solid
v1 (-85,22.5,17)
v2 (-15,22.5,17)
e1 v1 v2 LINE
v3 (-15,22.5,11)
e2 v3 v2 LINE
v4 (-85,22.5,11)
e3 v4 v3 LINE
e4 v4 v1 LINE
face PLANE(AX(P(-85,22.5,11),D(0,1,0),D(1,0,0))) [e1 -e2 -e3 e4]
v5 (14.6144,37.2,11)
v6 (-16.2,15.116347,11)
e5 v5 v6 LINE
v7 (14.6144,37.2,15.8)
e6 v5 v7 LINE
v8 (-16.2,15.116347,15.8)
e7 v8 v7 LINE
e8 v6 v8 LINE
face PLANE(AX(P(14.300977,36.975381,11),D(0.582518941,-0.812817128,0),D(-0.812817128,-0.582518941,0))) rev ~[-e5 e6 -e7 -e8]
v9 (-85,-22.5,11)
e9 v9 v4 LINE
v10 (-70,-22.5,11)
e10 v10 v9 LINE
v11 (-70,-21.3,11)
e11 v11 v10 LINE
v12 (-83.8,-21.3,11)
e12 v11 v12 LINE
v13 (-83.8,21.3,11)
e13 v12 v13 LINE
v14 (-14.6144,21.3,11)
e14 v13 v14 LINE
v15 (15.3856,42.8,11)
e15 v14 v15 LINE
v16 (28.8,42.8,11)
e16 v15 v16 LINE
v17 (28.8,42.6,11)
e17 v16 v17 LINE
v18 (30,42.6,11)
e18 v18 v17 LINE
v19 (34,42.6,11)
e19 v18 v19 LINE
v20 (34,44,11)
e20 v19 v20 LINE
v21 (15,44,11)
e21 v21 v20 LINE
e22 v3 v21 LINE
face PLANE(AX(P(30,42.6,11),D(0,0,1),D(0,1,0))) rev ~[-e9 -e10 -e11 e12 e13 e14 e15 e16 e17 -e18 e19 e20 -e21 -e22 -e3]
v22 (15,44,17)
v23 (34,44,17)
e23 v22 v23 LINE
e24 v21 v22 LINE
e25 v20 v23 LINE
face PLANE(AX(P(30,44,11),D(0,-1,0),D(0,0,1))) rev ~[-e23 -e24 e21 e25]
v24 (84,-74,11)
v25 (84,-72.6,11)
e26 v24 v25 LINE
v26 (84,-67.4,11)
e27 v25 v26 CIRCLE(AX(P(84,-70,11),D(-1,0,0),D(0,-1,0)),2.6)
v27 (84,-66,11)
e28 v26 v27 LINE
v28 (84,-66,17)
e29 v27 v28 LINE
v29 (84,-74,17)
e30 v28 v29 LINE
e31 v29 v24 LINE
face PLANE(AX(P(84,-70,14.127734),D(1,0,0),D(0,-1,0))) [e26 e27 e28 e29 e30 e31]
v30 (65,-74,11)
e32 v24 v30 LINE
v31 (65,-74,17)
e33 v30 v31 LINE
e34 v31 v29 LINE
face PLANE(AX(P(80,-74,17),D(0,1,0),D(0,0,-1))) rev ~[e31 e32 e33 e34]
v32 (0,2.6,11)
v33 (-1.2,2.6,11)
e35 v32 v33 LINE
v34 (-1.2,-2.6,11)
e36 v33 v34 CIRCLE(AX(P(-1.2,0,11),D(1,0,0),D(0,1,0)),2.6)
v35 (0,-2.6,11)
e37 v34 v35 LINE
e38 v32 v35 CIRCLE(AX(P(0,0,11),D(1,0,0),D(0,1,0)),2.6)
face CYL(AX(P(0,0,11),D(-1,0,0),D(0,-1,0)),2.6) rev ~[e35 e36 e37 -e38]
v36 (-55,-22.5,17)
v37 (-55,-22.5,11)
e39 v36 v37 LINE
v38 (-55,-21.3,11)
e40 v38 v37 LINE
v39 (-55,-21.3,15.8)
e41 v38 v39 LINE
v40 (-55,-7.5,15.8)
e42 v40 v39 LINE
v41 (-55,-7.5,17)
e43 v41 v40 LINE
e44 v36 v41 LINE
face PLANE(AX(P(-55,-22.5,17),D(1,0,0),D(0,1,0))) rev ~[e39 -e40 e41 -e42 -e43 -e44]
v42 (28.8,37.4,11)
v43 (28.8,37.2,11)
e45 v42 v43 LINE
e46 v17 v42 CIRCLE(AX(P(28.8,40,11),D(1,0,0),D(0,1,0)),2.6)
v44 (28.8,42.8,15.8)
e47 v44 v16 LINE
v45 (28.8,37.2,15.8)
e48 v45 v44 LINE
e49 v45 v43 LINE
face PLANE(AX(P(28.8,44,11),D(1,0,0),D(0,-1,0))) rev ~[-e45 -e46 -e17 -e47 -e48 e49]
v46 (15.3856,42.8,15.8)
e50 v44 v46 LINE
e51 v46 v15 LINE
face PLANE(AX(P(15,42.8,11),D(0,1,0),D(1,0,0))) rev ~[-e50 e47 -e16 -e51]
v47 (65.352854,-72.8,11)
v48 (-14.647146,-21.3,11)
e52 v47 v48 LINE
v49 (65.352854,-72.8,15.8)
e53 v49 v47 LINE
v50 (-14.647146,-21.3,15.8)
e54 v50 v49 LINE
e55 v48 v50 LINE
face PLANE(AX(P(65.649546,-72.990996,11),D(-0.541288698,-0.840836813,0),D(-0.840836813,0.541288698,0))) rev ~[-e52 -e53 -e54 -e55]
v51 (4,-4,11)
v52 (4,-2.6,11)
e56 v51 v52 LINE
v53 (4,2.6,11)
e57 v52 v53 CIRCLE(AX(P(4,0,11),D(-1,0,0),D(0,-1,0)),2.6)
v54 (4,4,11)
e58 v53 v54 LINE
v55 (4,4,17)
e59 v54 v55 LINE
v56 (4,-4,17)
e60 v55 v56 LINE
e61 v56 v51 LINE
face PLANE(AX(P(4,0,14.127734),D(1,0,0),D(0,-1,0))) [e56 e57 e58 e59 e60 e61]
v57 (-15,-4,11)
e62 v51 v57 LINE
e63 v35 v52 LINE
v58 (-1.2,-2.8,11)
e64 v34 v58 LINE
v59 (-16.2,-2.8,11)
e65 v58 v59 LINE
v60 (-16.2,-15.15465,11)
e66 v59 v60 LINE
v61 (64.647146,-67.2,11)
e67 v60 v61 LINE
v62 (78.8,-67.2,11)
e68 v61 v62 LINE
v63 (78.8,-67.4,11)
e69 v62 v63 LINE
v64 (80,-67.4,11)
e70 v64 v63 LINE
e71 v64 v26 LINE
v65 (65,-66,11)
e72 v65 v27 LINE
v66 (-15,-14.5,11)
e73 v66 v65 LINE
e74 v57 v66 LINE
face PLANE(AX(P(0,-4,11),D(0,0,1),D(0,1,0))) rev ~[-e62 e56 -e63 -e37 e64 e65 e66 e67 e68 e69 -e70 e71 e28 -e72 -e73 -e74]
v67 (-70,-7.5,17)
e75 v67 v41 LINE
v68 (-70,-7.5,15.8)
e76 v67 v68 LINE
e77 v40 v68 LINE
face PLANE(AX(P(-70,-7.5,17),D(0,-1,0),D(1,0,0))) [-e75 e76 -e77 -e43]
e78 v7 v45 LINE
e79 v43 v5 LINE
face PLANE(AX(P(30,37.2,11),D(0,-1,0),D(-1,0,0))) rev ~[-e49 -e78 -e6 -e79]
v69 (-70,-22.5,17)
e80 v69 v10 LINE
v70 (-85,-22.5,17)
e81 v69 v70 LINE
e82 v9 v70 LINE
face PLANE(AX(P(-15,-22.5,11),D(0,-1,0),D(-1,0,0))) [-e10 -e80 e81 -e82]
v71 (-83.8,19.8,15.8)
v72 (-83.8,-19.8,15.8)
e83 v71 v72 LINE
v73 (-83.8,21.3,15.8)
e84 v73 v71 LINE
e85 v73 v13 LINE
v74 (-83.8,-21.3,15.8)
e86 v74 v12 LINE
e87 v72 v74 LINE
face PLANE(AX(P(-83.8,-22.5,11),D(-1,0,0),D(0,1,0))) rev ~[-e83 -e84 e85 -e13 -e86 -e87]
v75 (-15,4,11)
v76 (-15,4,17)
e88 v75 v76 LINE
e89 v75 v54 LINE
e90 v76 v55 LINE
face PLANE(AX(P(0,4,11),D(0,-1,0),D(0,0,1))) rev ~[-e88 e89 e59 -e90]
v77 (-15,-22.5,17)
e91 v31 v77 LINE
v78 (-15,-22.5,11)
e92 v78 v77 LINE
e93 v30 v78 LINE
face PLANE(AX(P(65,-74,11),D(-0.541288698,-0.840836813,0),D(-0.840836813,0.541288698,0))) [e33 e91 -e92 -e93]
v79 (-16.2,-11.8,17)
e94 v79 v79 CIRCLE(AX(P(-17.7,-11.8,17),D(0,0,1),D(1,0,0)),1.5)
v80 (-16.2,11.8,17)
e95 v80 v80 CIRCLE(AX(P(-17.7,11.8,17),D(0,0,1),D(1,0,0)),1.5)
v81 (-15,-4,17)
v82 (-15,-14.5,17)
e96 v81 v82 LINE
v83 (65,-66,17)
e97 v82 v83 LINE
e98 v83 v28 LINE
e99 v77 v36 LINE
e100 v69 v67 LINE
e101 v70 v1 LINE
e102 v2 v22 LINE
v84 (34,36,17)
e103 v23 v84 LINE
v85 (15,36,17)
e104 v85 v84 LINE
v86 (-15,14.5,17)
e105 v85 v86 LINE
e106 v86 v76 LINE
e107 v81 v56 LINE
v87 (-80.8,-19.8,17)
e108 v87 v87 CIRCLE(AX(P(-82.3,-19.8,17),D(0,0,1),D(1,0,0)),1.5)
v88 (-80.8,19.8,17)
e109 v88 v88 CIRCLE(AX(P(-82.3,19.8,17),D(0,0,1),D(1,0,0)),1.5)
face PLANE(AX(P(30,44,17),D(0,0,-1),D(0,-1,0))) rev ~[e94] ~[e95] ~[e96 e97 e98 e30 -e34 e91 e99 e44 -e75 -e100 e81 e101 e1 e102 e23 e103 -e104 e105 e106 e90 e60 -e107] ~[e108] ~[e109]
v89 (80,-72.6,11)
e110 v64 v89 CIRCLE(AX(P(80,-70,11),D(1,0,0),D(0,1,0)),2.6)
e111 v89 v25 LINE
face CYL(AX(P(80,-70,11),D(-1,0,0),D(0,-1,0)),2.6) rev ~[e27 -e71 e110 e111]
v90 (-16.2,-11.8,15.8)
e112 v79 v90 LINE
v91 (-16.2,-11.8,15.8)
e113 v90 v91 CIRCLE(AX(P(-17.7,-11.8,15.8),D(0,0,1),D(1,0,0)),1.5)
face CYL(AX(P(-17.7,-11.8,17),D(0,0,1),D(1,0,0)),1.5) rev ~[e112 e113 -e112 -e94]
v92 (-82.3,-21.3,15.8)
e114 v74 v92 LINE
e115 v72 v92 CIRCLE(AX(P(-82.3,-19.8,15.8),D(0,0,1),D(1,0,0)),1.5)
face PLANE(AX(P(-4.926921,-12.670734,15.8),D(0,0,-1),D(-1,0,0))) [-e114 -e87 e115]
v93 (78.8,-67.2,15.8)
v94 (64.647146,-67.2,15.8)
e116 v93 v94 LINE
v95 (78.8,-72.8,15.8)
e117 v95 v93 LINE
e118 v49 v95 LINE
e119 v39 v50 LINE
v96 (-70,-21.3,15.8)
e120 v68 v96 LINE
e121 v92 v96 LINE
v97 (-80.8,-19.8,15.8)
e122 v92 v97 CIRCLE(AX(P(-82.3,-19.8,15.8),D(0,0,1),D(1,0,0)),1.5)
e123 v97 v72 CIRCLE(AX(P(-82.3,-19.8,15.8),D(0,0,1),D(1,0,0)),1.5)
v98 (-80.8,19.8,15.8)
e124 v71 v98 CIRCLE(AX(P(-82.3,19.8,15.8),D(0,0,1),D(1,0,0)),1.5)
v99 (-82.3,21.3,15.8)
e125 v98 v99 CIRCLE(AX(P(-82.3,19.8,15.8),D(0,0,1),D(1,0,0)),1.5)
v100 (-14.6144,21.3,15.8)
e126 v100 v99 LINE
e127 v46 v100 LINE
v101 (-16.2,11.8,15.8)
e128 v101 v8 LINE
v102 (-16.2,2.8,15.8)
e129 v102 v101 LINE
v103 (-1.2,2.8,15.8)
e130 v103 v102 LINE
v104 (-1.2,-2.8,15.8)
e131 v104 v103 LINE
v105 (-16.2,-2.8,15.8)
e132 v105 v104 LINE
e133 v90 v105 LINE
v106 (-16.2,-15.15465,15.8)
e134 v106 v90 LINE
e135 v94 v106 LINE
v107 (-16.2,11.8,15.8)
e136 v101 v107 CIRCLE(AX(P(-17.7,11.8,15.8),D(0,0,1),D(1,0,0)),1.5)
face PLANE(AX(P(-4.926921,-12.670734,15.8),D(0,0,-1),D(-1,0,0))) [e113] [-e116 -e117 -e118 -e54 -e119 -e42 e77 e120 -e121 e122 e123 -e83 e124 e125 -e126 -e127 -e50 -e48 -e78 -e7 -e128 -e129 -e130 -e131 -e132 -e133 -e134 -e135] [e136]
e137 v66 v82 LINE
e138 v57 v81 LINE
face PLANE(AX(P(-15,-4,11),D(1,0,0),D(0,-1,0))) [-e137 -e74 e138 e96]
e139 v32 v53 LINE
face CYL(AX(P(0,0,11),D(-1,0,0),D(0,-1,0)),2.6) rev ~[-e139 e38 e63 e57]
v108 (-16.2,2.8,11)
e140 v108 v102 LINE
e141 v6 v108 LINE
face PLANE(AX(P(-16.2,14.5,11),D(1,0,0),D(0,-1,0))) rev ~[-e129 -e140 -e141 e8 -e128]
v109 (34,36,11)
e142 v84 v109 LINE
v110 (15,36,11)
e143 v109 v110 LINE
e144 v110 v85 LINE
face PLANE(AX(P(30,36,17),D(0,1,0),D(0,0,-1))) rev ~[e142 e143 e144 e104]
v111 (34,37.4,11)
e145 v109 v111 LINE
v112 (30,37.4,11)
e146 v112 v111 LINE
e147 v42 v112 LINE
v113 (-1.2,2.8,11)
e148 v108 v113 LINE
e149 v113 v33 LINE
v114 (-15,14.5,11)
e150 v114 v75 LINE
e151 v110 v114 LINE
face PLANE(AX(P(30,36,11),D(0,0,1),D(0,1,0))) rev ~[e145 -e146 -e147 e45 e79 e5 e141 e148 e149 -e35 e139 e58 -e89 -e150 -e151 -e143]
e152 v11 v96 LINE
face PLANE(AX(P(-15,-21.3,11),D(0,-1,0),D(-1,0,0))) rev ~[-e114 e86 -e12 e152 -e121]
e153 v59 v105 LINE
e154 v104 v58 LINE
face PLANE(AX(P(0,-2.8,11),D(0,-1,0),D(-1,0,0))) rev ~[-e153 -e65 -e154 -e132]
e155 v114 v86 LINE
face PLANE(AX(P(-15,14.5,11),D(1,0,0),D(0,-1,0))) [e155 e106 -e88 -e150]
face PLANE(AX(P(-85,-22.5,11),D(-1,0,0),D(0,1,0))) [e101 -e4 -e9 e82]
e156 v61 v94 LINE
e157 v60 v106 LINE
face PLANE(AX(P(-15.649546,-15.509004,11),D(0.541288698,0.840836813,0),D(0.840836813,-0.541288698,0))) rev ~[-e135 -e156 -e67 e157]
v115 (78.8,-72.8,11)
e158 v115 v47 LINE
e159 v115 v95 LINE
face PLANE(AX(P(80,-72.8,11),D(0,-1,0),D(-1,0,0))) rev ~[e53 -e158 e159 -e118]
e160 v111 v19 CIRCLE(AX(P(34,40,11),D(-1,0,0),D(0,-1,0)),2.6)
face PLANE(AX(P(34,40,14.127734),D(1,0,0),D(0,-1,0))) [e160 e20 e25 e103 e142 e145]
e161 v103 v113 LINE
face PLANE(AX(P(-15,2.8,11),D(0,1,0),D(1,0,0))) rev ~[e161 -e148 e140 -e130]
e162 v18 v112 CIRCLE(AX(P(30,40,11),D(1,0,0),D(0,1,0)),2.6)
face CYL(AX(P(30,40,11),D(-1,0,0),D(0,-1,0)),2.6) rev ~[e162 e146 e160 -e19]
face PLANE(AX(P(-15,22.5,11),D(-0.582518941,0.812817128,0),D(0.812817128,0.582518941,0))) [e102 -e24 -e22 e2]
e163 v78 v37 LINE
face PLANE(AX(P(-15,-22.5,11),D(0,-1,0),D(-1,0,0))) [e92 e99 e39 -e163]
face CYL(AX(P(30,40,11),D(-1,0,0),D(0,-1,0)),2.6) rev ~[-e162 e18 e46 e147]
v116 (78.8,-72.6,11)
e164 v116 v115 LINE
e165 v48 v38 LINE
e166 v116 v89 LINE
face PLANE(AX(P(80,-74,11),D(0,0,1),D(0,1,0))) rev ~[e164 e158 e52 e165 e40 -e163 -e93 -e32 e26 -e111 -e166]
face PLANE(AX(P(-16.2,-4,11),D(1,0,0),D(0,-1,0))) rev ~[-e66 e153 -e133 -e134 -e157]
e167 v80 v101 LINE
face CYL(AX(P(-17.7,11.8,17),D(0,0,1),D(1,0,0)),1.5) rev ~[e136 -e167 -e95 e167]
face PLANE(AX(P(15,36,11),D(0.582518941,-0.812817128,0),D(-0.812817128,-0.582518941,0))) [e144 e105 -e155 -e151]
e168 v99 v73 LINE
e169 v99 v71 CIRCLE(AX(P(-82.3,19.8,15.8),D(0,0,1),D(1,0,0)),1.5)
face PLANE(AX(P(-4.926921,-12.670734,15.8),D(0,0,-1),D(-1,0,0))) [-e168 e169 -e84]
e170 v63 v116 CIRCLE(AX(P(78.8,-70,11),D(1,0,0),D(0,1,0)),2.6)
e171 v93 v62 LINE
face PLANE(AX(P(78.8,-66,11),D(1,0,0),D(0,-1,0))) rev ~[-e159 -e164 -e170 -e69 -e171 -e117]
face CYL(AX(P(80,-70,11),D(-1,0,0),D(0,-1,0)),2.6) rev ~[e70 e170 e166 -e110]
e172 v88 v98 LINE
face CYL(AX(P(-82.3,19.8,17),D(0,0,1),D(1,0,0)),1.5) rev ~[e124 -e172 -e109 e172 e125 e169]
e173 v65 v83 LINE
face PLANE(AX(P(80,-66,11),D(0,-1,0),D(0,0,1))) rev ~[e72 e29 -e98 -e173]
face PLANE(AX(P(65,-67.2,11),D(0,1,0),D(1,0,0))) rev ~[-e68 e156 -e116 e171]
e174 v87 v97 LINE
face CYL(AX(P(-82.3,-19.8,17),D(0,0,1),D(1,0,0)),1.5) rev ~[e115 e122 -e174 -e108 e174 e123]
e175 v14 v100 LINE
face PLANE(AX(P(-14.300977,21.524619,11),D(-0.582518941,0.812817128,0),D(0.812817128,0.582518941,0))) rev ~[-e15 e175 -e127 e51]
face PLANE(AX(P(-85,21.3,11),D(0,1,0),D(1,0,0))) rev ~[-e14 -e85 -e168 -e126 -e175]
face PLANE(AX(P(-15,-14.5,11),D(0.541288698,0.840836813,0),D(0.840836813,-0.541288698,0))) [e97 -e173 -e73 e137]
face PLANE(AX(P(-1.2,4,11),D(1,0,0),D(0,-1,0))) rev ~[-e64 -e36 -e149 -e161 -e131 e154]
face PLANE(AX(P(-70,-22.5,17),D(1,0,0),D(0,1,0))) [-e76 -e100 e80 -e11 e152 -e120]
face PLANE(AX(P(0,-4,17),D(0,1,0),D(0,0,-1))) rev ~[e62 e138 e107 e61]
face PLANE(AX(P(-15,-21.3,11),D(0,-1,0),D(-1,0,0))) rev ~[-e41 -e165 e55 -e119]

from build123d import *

# Parameters (mm, degrees)
PAD001_DEPTH    = 6
THICKNESS001_T  = -1.2
SKETCH011_R     = 1.5
POCKET003_DEPTH = 1.2
SKETCH012_W     = 15
SKETCH012_H     = 15
POCKET004_DEPTH = 6.001
SKETCH013_R     = 2.6
POCKET005_DEPTH = 1.2
SKETCH014_R     = 2.6
POCKET006_DEPTH = 1.2
SKETCH015_R     = 2.6
POCKET007_DEPTH = 1.2
PAD008_DEPTH    = 4
PAD009_DEPTH    = 4
PAD010_DEPTH    = 4


with BuildPart() as part:
    # Sketch004 → Pad001 (new body)
    with BuildSketch(Plane.XY):
        Polygon((80, -74), (65, -74), (-15, -22.5), (-85, -22.5), (-85, 22.5), (-15, 22.5), (15, 44), (30, 44), (30, 36), (15, 36), (-15, 14.5), (-15, 4), (0, 4), (0, -4), (-15, -4), (-15, -14.5), (65, -66), (80, -66), align=None)
    extrude(amount=PAD001_DEPTH)

    # Thickness001
    thickness001_openings = [part.faces().sort_by_distance(p)[0] for p in [
        (-29.840547, -5.671982, 0),
    ]]
    offset(amount=THICKNESS001_T, openings=thickness001_openings, kind=Kind.INTERSECTION)

    # Sketch011 (on Face19 of Thickness001) → Pocket003 (cut)
    with BuildSketch(Plane.XY.offset(6)):
        with Locations((-82.3, 19.8)):
            Circle(SKETCH011_R)
        with Locations((-82.3, -19.8)):
            Circle(SKETCH011_R)
        with Locations((-17.7, 11.8)):
            Circle(SKETCH011_R)
        with Locations((-17.7, -11.8)):
            Circle(SKETCH011_R)
    extrude(amount=-POCKET003_DEPTH, mode=Mode.SUBTRACT)

    # Sketch012 (on Face5 of Pocket003) → Pocket004 (cut, through all)
    with BuildSketch(Plane.XY.offset(6)):
        with Locations((-62.5, -15)):
            Rectangle(SKETCH012_W, SKETCH012_H)
    extrude(amount=-POCKET004_DEPTH, mode=Mode.SUBTRACT)

    # Sketch013 (on Face16 of Pocket004) → Pocket005 (cut)
    with BuildSketch(Plane.YZ.offset(30)):
        with Locations((40, 0)):
            Circle(SKETCH013_R)
    extrude(amount=-POCKET005_DEPTH, mode=Mode.SUBTRACT)

    # Sketch014 (on Face11 of Pocket005) → Pocket006 (cut)
    with BuildSketch(Plane.YZ):
        Circle(SKETCH014_R)
    extrude(amount=-POCKET006_DEPTH, mode=Mode.SUBTRACT)

    # Sketch015 (on Face2 of Pocket006) → Pocket007 (cut)
    with BuildSketch(Plane.YZ.offset(80)):
        with Locations((-70, 0)):
            Circle(SKETCH015_R)
    extrude(amount=-POCKET007_DEPTH, mode=Mode.SUBTRACT)

    # Pocket007 Face2 → Pad008 (add)
    with BuildSketch(Plane(origin=(80, -70, 3.538728), x_dir=(0, -1, 0), z_dir=(1, 0, 0))):
        with BuildLine():
            Line((-2.6, 3.538728), (-4, 3.538728))
            Line((-4, 3.538728), (-4, -2.461272))
            Line((-4, -2.461272), (4, -2.461272))
            Line((4, -2.461272), (4, 3.538728))
            Line((4, 3.538728), (2.6, 3.538728))
            ThreePointArc((2.6, 3.538728), (0, 0.938728), (-2.6, 3.538728))
        make_face()
    extrude(amount=PAD008_DEPTH)

    # Pad008 Face12 → Pad009 (add)
    with BuildSketch(Plane(origin=(0, 0, 3.538728), x_dir=(0, -1, 0), z_dir=(1, 0, 0))):
        with BuildLine():
            Line((-2.6, 3.538728), (-4, 3.538728))
            Line((-4, 3.538728), (-4, -2.461272))
            Line((-4, -2.461272), (4, -2.461272))
            Line((4, -2.461272), (4, 3.538728))
            Line((4, 3.538728), (2.6, 3.538728))
            ThreePointArc((2.6, 3.538728), (0, 0.938728), (-2.6, 3.538728))
        make_face()
    extrude(amount=PAD009_DEPTH)

    # Pad009 Face19 → Pad010 (add)
    with BuildSketch(Plane(origin=(30, 40, 3.538728), x_dir=(0, -1, 0), z_dir=(1, 0, 0))):
        with BuildLine():
            Line((-2.6, 3.538728), (-4, 3.538728))
            Line((-4, 3.538728), (-4, -2.461272))
            Line((-4, -2.461272), (4, -2.461272))
            Line((4, -2.461272), (4, 3.538728))
            Line((4, 3.538728), (2.6, 3.538728))
            ThreePointArc((2.6, 3.538728), (0, 0.938728), (-2.6, 3.538728))
        make_face()
    extrude(amount=PAD010_DEPTH)


with BuildPart() as part_1:
    # Body001 placement: moved
    add(part.part.moved(Location((0, 0, 11))))


solid = part_1.part
